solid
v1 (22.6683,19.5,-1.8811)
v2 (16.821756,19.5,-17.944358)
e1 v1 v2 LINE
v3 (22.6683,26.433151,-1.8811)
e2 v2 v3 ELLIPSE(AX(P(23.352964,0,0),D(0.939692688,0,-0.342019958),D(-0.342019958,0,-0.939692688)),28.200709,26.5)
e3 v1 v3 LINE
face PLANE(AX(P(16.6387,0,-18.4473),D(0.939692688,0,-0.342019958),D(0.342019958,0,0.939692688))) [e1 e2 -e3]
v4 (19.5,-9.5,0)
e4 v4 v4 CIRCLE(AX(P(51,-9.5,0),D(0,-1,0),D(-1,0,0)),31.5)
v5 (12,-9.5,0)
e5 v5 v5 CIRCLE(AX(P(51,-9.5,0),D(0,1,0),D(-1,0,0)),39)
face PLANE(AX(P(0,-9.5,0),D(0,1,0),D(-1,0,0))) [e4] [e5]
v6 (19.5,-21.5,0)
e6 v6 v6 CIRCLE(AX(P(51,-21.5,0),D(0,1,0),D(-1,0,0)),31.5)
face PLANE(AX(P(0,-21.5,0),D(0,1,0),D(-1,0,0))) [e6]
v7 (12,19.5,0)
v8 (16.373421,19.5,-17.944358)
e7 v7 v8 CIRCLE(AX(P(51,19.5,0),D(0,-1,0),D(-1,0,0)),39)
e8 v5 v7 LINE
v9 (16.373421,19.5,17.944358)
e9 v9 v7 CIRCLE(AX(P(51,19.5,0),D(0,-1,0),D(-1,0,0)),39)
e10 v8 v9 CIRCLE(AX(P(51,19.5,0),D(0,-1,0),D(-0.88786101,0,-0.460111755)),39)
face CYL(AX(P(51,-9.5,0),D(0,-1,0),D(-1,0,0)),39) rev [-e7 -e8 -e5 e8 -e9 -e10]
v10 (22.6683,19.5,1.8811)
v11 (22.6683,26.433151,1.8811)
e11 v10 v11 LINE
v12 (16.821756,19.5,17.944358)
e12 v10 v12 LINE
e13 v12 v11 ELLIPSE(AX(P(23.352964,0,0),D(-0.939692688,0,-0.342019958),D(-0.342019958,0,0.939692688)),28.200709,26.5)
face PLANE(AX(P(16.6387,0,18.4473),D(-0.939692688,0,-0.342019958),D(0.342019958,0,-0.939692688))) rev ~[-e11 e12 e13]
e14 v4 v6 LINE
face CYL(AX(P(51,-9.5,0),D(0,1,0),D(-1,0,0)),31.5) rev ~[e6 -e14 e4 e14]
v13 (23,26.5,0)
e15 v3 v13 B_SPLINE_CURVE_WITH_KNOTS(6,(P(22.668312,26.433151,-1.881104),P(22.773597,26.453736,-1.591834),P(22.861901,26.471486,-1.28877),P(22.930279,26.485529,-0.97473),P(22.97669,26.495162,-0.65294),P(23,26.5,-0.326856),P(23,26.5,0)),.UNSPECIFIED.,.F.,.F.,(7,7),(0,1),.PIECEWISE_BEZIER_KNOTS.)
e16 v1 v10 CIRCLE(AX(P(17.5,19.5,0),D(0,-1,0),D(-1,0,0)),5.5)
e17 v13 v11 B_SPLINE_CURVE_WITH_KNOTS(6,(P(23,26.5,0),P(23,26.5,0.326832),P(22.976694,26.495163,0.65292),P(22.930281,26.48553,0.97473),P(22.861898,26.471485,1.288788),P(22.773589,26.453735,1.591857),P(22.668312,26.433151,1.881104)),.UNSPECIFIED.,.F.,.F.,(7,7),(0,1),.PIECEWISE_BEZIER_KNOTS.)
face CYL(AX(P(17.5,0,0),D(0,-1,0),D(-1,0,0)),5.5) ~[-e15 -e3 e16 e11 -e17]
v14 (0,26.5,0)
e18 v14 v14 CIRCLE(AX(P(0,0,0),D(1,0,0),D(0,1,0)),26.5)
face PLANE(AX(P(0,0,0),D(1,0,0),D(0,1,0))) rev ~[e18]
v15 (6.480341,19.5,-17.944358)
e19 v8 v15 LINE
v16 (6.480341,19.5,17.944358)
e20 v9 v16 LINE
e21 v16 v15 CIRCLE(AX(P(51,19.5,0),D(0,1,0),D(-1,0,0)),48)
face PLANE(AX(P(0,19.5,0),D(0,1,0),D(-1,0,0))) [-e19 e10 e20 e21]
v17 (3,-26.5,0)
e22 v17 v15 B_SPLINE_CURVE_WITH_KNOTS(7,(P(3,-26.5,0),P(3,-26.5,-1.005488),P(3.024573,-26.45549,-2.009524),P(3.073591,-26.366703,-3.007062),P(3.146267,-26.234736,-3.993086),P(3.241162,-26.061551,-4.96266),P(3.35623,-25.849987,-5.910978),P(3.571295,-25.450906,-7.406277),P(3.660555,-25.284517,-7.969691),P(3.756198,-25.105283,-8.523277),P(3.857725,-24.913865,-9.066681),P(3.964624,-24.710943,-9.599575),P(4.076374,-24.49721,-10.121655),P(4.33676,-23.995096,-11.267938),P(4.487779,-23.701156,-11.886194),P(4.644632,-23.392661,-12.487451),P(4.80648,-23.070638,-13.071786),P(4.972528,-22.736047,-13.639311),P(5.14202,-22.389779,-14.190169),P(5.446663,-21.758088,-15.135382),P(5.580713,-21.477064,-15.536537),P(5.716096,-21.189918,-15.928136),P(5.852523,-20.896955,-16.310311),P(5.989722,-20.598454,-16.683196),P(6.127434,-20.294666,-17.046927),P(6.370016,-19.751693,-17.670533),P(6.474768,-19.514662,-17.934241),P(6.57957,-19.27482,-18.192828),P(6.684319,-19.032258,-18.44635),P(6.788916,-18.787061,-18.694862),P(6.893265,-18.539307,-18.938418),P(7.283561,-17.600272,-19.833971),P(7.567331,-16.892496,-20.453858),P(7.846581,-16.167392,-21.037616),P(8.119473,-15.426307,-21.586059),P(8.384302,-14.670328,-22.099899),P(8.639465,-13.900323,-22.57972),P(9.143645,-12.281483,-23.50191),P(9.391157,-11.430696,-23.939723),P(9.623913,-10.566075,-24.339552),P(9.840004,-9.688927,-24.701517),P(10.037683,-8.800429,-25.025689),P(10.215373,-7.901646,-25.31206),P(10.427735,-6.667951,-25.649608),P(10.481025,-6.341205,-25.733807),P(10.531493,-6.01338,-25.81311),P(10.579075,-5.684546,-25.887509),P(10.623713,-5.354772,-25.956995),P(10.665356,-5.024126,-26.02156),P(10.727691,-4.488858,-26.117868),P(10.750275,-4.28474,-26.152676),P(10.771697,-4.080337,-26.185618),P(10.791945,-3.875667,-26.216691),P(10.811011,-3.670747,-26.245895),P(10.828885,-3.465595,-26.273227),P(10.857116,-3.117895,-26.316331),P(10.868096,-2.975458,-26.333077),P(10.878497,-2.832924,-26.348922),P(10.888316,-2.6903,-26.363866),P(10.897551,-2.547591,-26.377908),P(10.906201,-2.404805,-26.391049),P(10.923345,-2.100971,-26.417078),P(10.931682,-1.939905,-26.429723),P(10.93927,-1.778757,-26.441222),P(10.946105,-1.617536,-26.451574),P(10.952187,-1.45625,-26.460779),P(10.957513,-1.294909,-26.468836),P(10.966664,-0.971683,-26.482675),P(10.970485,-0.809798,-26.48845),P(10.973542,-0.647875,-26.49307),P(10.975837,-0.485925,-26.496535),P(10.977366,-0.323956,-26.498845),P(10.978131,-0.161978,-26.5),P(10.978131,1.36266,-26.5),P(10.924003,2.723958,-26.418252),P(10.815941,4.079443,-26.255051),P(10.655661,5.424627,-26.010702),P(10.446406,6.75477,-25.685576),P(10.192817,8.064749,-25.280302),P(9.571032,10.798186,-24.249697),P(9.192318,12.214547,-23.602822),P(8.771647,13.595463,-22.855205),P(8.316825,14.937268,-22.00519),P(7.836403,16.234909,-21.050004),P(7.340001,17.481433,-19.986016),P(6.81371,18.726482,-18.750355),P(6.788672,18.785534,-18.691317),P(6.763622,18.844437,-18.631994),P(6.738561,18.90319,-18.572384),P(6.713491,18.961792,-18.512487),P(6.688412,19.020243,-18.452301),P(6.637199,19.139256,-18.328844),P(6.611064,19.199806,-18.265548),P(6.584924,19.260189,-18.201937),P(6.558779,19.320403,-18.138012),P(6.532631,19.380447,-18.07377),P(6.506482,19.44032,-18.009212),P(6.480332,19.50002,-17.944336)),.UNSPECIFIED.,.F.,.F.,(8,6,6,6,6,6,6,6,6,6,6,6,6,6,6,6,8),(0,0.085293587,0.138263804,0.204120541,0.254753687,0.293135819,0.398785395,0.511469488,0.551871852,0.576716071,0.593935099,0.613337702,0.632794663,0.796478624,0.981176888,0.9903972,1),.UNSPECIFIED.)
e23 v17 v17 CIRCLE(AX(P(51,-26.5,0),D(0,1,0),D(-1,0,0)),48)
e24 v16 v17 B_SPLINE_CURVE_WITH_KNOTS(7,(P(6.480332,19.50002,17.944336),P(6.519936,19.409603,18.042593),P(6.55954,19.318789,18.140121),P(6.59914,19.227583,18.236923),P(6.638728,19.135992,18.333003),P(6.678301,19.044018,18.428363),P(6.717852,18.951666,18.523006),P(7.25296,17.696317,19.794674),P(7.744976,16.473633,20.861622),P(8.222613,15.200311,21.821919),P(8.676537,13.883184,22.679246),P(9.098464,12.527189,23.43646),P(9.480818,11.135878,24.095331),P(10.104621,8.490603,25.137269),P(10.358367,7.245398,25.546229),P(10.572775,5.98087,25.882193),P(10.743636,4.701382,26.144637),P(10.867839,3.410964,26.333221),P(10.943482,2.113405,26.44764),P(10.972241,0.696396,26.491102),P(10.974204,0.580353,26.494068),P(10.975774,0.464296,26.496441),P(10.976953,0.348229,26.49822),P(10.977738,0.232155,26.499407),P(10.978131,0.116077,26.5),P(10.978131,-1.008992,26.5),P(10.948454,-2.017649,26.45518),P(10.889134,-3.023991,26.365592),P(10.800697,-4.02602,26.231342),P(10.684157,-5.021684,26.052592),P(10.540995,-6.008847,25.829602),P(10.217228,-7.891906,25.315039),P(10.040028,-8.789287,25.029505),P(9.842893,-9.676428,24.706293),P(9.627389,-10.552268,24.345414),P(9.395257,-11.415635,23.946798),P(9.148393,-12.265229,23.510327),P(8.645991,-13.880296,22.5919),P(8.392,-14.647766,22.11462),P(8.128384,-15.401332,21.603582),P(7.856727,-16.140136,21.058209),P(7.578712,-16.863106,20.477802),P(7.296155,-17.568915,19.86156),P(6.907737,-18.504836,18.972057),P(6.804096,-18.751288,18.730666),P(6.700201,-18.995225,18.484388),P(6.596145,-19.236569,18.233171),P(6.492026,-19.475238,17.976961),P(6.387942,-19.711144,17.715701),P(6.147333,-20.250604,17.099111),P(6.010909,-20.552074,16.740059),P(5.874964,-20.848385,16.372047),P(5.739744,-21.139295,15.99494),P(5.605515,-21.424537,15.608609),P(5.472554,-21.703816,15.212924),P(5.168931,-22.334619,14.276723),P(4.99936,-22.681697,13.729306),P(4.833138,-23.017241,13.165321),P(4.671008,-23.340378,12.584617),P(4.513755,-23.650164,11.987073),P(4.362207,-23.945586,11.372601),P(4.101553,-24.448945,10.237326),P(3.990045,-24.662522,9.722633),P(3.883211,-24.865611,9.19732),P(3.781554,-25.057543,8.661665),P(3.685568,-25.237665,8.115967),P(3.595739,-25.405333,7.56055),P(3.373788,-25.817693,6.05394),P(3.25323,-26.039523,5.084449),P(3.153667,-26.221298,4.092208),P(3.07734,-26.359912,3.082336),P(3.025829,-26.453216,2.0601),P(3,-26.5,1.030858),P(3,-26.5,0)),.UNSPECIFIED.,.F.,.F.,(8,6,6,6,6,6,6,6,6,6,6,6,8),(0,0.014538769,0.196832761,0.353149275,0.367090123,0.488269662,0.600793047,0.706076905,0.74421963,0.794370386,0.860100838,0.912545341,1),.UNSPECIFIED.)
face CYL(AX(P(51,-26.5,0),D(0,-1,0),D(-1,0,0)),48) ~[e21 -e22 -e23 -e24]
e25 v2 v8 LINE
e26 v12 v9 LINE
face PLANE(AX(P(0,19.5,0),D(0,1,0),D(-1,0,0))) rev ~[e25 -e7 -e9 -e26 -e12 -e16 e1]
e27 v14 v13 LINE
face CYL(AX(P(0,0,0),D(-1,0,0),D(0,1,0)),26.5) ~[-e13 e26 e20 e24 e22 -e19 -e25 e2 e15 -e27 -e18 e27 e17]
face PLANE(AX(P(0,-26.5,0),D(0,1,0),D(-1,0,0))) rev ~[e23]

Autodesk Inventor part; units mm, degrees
ref_plane "YZ Plane" through (0, 0, 0) normal (1, 0, 0) x (0, 1, 0)
ref_plane "XY Plane" through (0, 0, 0) normal (0, 0, 1) x (1, 0, 0)
sketch "Sketch2" plane through (0, 0, 0) normal (1, 0, 0) x (0, 1, 0)
  circle A0 centre (0, 0) radius 26.5
  dimension "d0" = 53
extrude "Extrusion1" add sketch "Sketch2" along normal blind 51
sketch "Sketch3" plane through (0, 0, 0) normal (0, 1, 0) x (-1, 0, 0)
  line L0 (-51, 26.5) -> (-51, -26.5) projected
  circle A0 centre (-51, 0) radius 48
  circle A1 centre (-51, 0) radius 39
  line L1 (-16.6387, 18.4473) -> (-22.6683, 1.8811)
  circle A2 centre (-17.5, 0) radius 5.5
  line L2 (0, 0) -> (-51, 0) construction
  line L3 (0, 26.5) -> (0, -26.5) construction
  line L4 (-16.6387, -18.4473) -> (-22.6683, -1.8811)
  circle A3 centre (-51, 0) radius 31.5
  point P0 (-22.6683, -1.8811)
  point P1 (-20.4946, 7.8532)
  point P2 (-20.4946, -7.8532)
  dimension "d4" = 78
  dimension "d7" = 11
  dimension "d3" = 96
  dimension "d8" = 17.5
  dimension "d9" = 140
  dimension "d15" = 63
ref_plane "Work Plane1" through (0, -26.5, 0) normal (0, 1, 0) x (-1, 0, 0)
extrude "Extrusion2" add sketch "Sketch3" along normal blind 46 from surface at -26.5 contours A0 | A2 A3 L1 A1 | A2 A3 | A1 L4 A3 A2 | L1 A3 L4 A1 | A3 A2 | A2 L1 A3 | A3 L4 A2 | L1 A2 L4 A3
ref_plane "Work Plane2" through (0, -9.5, 0) normal (0, 1, 0) x (-1, 0, 0)
extrude "Extrusion3" cut sketch "Sketch3" along normal up to surface (29 mm away) from surface at -9.5 contours A2 A3 L1 A1 | A2 A3 | A1 L4 A3 A2 | L1 A3 L4 A1 | A3 A2 | A2 L1 A3 | A3 L4 A2 | L1 A2 L4 A3
extrude "Extrusion4" cut sketch "Sketch3" along normal through all contours L1 A3 L4 A1 | L1 A2 L4 A3
extrude "Extrusion5" cut sketch "Sketch3" against normal blind 12 from surface at -9.5 contours A3 A2 | A2 L1 A3 | A3 L4 A2 | L1 A2 L4 A3 picked at (-20.6688, -0.7652)
properties part number "hip_right"
